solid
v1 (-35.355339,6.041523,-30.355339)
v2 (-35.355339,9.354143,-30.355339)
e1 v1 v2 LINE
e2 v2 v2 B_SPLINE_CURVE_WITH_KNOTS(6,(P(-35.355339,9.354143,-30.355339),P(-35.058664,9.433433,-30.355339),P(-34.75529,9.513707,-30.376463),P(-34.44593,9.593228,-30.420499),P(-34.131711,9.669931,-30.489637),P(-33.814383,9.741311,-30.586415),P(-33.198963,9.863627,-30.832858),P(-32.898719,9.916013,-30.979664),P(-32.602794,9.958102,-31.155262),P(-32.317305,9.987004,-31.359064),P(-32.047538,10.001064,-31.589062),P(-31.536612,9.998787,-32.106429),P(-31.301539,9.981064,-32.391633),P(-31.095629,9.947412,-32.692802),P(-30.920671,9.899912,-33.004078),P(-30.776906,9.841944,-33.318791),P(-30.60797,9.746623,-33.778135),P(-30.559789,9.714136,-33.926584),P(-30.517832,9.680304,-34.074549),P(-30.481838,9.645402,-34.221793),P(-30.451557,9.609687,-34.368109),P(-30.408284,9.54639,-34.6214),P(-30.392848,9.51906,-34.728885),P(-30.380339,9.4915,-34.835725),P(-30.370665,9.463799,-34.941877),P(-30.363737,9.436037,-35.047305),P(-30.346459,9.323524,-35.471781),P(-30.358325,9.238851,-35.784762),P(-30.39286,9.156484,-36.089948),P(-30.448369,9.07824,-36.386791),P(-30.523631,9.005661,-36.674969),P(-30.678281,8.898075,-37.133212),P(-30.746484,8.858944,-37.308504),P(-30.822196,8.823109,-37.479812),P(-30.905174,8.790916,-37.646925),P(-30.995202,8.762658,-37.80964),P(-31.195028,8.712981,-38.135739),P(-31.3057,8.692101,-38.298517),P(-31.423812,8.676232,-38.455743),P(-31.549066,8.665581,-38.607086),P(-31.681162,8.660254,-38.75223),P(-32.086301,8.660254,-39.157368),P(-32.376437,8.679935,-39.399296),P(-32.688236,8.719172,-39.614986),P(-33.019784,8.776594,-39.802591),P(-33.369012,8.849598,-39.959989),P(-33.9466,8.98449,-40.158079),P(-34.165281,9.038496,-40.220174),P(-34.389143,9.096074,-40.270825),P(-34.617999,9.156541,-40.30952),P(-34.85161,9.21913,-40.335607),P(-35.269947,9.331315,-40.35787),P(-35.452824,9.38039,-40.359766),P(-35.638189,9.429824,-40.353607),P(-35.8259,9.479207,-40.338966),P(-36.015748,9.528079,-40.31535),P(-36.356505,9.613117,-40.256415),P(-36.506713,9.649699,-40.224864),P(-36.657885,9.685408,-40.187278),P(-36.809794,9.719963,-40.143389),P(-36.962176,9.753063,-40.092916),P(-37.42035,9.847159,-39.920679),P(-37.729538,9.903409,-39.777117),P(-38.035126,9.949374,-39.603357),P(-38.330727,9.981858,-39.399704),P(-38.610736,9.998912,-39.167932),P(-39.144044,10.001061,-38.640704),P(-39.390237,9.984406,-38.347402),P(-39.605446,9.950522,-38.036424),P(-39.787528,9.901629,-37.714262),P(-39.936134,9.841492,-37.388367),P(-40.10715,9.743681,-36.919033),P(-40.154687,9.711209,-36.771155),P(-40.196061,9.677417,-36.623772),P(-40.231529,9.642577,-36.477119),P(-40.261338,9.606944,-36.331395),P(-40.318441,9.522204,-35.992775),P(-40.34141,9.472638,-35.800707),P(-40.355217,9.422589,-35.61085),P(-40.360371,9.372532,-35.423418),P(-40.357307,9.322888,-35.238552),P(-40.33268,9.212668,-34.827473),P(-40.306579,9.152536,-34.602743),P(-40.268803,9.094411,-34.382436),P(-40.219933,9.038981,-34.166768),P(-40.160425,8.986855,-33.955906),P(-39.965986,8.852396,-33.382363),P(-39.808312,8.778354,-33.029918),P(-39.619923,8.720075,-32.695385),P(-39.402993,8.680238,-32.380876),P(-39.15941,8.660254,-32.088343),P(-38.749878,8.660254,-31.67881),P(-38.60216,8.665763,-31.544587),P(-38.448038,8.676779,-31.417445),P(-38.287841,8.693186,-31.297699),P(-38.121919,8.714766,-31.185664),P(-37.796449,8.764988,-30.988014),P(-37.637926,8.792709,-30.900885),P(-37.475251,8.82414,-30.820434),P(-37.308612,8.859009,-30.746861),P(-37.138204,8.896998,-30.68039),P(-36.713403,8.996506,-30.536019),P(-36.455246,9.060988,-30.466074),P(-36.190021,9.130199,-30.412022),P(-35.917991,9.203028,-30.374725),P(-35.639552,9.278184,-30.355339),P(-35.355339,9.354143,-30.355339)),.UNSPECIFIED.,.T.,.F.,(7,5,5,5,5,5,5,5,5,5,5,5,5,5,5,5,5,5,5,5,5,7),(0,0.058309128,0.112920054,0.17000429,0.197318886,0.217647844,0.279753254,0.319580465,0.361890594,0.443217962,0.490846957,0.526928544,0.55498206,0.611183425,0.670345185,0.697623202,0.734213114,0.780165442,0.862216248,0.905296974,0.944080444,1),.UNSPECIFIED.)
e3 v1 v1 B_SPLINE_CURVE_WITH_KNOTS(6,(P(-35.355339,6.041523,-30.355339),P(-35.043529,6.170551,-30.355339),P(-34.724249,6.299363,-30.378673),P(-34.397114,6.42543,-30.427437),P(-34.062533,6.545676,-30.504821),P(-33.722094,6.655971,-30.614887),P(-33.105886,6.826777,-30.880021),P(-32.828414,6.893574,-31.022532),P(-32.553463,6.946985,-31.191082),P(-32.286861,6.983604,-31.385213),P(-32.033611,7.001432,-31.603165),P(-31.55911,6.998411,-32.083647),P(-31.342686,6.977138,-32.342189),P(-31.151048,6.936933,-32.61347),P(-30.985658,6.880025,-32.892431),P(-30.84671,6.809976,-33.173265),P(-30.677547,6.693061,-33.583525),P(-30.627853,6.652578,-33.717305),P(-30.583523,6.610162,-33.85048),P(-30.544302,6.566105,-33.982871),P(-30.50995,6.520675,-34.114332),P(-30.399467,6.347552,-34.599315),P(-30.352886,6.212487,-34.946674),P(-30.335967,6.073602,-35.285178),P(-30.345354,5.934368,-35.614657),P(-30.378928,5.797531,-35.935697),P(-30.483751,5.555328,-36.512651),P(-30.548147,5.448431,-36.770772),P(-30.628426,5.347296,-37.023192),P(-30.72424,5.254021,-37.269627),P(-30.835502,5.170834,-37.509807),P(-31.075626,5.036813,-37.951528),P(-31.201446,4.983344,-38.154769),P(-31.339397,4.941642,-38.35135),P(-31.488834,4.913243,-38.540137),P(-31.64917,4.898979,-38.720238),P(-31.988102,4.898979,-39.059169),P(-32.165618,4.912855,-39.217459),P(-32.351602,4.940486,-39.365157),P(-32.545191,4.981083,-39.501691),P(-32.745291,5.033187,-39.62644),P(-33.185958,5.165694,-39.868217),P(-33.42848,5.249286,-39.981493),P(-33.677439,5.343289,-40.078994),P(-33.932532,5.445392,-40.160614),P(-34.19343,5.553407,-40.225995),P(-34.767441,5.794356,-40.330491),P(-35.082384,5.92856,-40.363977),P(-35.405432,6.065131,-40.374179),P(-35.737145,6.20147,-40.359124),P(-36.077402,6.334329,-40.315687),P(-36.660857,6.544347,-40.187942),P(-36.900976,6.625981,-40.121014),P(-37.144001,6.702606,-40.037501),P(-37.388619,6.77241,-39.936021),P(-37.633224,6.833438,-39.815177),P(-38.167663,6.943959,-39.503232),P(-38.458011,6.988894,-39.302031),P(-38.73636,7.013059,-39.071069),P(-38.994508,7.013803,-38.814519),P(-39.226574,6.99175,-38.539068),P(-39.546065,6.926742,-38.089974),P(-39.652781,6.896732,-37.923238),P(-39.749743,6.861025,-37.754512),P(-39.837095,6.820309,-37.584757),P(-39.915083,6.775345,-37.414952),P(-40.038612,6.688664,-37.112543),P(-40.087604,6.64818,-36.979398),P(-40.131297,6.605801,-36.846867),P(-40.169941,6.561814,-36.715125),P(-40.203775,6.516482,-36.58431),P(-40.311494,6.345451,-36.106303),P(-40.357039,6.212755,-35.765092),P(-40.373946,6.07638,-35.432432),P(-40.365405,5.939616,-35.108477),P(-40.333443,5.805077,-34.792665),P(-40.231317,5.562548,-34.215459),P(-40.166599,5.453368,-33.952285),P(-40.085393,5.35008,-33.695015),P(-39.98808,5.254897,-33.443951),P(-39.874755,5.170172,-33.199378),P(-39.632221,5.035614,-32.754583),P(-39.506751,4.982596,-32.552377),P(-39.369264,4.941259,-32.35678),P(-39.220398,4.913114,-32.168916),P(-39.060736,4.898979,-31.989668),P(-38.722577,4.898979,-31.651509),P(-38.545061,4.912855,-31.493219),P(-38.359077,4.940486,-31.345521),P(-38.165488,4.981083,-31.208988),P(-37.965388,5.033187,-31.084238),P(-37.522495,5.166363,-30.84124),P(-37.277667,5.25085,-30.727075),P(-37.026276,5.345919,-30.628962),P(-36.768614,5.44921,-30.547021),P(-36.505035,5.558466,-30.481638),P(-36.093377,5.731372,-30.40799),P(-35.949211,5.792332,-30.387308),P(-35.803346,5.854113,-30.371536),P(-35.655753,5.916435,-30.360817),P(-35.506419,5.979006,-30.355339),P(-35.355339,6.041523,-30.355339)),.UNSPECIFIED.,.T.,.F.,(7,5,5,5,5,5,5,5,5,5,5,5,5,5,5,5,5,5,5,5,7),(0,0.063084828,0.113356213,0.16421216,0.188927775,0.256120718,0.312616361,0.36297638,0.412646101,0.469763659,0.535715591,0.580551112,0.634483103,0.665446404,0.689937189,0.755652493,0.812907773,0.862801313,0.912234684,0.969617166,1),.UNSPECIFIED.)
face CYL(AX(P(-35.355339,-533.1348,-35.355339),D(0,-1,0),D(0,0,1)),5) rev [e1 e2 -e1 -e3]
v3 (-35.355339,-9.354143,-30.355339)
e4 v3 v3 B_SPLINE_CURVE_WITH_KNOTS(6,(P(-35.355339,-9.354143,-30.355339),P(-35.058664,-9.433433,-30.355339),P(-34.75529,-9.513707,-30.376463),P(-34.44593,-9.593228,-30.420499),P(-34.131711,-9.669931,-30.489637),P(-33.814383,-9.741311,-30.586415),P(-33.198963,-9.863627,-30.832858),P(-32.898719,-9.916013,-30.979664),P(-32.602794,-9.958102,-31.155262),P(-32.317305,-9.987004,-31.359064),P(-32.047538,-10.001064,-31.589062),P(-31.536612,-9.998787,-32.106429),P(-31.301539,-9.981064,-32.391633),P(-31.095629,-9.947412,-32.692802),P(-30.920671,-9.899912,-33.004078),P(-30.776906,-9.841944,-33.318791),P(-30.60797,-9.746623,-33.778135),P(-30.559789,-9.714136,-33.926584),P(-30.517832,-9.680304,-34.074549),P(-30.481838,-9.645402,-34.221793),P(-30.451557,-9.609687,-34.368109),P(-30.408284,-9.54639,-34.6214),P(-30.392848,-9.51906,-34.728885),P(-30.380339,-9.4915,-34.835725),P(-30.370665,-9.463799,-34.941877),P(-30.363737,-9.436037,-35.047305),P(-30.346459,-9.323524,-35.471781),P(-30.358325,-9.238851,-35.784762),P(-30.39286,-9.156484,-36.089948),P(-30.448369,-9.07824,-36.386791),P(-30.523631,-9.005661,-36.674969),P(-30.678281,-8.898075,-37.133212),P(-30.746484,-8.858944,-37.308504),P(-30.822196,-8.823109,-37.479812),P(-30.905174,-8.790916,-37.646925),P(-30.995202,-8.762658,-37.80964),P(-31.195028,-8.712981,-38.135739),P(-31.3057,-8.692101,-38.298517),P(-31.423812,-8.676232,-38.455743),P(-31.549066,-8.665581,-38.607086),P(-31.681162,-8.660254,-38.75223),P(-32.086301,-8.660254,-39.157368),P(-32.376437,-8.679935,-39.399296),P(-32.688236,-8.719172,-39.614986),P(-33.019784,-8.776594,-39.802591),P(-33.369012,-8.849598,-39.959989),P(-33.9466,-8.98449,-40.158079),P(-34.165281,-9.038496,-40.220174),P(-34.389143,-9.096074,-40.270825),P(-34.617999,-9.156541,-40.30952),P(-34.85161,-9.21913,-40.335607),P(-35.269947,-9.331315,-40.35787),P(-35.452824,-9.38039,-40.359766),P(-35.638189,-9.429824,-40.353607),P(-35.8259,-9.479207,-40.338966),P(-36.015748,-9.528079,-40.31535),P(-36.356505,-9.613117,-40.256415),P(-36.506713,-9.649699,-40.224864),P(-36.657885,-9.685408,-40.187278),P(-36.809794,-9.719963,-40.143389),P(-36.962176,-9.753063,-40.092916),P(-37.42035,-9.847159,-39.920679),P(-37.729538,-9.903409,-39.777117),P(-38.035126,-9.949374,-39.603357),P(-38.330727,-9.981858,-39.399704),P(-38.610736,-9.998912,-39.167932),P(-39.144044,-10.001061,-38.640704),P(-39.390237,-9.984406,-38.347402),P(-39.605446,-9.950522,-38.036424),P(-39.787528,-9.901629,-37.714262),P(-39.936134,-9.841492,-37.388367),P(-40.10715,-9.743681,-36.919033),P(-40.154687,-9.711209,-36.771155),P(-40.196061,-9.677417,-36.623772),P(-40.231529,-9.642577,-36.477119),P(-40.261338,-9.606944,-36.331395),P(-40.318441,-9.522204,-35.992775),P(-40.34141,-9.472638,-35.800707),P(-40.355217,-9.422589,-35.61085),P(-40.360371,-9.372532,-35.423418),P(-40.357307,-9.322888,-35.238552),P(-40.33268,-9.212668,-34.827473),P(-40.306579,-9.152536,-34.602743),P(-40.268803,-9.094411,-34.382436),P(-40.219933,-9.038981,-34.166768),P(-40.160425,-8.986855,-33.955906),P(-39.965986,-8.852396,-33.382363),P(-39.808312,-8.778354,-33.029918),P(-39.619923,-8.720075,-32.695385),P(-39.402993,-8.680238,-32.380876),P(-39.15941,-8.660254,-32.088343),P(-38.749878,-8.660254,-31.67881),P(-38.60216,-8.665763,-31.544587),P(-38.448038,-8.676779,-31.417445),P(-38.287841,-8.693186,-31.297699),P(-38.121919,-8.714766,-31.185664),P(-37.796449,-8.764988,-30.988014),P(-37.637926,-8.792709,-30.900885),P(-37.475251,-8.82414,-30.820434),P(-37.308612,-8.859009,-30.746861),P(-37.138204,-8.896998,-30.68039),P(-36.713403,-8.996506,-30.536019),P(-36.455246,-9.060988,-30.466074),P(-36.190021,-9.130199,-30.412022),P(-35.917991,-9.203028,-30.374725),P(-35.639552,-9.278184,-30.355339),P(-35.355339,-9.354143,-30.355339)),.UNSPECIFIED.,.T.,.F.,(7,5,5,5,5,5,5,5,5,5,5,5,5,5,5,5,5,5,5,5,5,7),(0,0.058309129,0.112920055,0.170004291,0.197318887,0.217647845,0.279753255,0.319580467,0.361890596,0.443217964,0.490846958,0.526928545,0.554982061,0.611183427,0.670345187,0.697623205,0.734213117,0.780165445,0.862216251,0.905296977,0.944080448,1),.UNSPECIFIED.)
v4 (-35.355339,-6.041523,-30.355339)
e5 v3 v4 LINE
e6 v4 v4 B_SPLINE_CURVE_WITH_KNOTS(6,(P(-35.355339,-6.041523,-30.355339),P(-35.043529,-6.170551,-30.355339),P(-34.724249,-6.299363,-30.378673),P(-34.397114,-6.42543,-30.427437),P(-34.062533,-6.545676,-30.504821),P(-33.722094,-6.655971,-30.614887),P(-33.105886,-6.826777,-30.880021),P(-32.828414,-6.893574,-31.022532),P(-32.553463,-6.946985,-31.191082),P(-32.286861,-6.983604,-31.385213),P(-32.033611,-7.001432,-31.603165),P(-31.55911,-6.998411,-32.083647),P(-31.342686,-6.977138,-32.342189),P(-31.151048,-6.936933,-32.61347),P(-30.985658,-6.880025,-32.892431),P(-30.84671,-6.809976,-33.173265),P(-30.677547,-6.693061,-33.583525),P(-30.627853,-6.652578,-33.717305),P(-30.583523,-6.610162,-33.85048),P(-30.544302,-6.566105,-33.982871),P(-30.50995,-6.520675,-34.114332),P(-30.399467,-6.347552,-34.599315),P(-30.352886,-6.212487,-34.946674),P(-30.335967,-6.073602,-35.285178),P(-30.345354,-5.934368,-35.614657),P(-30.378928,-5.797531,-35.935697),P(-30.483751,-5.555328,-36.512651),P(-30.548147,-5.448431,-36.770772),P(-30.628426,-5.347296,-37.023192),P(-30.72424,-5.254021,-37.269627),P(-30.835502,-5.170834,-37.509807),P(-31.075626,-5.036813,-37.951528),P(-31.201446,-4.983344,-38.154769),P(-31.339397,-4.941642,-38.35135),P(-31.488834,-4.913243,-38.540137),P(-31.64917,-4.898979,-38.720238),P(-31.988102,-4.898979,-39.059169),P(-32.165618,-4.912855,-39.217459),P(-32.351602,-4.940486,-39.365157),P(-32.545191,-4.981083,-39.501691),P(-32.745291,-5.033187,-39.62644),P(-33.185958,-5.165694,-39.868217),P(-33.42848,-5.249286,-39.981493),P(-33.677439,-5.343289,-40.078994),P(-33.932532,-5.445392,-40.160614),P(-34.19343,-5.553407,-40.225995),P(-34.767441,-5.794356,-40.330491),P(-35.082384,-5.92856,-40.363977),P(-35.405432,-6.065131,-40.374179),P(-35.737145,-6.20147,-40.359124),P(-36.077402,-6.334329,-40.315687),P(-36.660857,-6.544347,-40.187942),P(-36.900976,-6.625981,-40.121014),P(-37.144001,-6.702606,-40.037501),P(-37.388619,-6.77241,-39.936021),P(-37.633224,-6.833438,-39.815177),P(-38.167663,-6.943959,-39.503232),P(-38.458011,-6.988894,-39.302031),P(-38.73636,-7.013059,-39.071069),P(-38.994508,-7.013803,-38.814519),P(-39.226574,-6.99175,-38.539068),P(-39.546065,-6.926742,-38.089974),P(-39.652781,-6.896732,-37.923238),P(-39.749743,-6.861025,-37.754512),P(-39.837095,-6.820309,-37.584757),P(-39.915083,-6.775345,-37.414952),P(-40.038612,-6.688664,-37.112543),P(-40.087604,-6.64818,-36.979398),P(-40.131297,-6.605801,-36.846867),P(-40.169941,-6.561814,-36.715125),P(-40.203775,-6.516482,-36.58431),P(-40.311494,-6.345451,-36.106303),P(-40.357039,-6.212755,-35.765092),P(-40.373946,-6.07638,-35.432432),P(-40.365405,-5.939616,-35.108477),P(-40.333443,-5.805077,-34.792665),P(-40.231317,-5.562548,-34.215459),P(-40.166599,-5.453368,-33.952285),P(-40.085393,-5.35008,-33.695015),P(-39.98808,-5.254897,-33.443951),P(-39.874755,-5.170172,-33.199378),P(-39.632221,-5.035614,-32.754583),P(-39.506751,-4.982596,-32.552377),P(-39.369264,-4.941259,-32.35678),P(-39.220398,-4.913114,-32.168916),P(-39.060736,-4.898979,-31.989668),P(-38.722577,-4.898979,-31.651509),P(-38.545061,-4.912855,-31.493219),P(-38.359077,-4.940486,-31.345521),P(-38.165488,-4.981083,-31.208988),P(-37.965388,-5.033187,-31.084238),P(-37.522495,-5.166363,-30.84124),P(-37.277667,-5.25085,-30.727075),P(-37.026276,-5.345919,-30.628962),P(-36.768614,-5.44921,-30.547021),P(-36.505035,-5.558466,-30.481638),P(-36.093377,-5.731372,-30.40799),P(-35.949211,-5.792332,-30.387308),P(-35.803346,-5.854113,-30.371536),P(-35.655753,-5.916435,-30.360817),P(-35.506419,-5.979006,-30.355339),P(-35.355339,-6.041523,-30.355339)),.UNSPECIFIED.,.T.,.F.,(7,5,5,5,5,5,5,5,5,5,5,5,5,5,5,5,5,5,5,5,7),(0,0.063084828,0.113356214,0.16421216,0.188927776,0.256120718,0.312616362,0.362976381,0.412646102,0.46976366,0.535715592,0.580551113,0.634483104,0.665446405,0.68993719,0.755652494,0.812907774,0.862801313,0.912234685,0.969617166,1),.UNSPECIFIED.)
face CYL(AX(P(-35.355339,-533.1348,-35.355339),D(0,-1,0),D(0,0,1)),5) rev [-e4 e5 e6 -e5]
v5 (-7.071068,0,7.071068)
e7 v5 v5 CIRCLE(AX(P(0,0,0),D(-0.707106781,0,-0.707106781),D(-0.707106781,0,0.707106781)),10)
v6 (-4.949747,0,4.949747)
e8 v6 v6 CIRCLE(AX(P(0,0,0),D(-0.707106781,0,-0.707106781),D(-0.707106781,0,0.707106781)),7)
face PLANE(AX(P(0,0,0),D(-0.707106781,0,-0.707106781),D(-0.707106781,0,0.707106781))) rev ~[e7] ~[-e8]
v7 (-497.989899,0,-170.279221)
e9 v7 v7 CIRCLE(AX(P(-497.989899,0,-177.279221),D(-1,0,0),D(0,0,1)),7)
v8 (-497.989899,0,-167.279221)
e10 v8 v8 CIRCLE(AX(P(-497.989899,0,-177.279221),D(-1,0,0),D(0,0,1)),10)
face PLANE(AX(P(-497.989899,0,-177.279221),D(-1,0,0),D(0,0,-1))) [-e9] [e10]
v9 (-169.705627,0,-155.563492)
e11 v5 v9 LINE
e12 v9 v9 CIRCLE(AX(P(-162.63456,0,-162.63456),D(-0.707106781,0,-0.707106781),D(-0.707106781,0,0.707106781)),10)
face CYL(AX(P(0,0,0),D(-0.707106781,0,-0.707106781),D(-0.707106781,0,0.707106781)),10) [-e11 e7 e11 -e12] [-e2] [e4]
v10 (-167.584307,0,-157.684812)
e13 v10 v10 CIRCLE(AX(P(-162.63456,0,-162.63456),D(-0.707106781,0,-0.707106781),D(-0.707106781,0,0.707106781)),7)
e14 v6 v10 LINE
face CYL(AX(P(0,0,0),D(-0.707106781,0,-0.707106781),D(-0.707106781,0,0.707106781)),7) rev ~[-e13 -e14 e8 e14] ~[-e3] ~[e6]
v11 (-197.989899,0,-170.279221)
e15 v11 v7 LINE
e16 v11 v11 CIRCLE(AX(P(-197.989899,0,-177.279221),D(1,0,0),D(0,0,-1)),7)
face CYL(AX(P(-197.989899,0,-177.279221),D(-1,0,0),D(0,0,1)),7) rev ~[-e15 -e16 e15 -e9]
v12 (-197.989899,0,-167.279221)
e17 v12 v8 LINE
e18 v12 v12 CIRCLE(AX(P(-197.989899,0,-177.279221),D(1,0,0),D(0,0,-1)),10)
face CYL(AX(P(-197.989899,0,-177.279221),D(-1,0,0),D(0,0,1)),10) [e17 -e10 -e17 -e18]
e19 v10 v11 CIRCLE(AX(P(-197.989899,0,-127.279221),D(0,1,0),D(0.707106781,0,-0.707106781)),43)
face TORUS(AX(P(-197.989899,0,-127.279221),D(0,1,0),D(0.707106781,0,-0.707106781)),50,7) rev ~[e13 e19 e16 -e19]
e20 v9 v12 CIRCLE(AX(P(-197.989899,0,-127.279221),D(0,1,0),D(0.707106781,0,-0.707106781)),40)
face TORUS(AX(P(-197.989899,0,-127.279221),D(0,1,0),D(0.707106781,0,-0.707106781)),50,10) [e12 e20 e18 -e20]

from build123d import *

# Parameters (mm, degrees)
SWEEP_THIN1_PROFILE_R   = 10
SWEEP_THIN1_PROFILE_R_2 = 7
CUT_EXTRUDE1_DEPTH      = 533.134800358
CUT_EXTRUDE1_DEPTH_BACK = 533.134800358
SKETCH22_R              = 5


with BuildPart() as part:
    # Sweep-Thin1: sweep along a path in Sketch1
    with BuildLine(Plane(origin=(0, 0, 0), x_dir=(1, 0, 0), z_dir=(0, 1, 0))) as sweep_thin1_path:
        Line((0, 0), (-162.634559673, 162.634559673))
        ThreePointArc((-162.634559673, 162.634559673), (-178.855727114, 173.473197239), (-197.989898732, 177.279220614))
        Line((-197.989898732, 177.279220614), (-497.989898732, 177.279220614))
    # Sweep-Thin1 profile (on start of the path) → Sweep-Thin1 (sweep)
    with BuildSketch(Plane(origin=(0, 0, 0), x_dir=(-0.7071067811865488, 0, 0.7071067811865464), z_dir=(-0.7071067811865464, 0, -0.7071067811865488))):
        Circle(SWEEP_THIN1_PROFILE_R)
        Circle(SWEEP_THIN1_PROFILE_R_2, mode=Mode.SUBTRACT)
    sweep(path=sweep_thin1_path.line)

    # Sketch22 → Cut-Extrude1 (cut, two sides: drawn at the far end of the back side and taken through both)
    with BuildSketch(Plane(origin=(0, 0, 0), x_dir=(1, 0, 0), z_dir=(0, 1, 0)).offset(-CUT_EXTRUDE1_DEPTH_BACK)):
        with Locations(Location((-35.355339059, 35.355339059, 0), (0, 0, 270))):
            Circle(SKETCH22_R)
    extrude(amount=CUT_EXTRUDE1_DEPTH + CUT_EXTRUDE1_DEPTH_BACK, mode=Mode.SUBTRACT)


solid = part.part
